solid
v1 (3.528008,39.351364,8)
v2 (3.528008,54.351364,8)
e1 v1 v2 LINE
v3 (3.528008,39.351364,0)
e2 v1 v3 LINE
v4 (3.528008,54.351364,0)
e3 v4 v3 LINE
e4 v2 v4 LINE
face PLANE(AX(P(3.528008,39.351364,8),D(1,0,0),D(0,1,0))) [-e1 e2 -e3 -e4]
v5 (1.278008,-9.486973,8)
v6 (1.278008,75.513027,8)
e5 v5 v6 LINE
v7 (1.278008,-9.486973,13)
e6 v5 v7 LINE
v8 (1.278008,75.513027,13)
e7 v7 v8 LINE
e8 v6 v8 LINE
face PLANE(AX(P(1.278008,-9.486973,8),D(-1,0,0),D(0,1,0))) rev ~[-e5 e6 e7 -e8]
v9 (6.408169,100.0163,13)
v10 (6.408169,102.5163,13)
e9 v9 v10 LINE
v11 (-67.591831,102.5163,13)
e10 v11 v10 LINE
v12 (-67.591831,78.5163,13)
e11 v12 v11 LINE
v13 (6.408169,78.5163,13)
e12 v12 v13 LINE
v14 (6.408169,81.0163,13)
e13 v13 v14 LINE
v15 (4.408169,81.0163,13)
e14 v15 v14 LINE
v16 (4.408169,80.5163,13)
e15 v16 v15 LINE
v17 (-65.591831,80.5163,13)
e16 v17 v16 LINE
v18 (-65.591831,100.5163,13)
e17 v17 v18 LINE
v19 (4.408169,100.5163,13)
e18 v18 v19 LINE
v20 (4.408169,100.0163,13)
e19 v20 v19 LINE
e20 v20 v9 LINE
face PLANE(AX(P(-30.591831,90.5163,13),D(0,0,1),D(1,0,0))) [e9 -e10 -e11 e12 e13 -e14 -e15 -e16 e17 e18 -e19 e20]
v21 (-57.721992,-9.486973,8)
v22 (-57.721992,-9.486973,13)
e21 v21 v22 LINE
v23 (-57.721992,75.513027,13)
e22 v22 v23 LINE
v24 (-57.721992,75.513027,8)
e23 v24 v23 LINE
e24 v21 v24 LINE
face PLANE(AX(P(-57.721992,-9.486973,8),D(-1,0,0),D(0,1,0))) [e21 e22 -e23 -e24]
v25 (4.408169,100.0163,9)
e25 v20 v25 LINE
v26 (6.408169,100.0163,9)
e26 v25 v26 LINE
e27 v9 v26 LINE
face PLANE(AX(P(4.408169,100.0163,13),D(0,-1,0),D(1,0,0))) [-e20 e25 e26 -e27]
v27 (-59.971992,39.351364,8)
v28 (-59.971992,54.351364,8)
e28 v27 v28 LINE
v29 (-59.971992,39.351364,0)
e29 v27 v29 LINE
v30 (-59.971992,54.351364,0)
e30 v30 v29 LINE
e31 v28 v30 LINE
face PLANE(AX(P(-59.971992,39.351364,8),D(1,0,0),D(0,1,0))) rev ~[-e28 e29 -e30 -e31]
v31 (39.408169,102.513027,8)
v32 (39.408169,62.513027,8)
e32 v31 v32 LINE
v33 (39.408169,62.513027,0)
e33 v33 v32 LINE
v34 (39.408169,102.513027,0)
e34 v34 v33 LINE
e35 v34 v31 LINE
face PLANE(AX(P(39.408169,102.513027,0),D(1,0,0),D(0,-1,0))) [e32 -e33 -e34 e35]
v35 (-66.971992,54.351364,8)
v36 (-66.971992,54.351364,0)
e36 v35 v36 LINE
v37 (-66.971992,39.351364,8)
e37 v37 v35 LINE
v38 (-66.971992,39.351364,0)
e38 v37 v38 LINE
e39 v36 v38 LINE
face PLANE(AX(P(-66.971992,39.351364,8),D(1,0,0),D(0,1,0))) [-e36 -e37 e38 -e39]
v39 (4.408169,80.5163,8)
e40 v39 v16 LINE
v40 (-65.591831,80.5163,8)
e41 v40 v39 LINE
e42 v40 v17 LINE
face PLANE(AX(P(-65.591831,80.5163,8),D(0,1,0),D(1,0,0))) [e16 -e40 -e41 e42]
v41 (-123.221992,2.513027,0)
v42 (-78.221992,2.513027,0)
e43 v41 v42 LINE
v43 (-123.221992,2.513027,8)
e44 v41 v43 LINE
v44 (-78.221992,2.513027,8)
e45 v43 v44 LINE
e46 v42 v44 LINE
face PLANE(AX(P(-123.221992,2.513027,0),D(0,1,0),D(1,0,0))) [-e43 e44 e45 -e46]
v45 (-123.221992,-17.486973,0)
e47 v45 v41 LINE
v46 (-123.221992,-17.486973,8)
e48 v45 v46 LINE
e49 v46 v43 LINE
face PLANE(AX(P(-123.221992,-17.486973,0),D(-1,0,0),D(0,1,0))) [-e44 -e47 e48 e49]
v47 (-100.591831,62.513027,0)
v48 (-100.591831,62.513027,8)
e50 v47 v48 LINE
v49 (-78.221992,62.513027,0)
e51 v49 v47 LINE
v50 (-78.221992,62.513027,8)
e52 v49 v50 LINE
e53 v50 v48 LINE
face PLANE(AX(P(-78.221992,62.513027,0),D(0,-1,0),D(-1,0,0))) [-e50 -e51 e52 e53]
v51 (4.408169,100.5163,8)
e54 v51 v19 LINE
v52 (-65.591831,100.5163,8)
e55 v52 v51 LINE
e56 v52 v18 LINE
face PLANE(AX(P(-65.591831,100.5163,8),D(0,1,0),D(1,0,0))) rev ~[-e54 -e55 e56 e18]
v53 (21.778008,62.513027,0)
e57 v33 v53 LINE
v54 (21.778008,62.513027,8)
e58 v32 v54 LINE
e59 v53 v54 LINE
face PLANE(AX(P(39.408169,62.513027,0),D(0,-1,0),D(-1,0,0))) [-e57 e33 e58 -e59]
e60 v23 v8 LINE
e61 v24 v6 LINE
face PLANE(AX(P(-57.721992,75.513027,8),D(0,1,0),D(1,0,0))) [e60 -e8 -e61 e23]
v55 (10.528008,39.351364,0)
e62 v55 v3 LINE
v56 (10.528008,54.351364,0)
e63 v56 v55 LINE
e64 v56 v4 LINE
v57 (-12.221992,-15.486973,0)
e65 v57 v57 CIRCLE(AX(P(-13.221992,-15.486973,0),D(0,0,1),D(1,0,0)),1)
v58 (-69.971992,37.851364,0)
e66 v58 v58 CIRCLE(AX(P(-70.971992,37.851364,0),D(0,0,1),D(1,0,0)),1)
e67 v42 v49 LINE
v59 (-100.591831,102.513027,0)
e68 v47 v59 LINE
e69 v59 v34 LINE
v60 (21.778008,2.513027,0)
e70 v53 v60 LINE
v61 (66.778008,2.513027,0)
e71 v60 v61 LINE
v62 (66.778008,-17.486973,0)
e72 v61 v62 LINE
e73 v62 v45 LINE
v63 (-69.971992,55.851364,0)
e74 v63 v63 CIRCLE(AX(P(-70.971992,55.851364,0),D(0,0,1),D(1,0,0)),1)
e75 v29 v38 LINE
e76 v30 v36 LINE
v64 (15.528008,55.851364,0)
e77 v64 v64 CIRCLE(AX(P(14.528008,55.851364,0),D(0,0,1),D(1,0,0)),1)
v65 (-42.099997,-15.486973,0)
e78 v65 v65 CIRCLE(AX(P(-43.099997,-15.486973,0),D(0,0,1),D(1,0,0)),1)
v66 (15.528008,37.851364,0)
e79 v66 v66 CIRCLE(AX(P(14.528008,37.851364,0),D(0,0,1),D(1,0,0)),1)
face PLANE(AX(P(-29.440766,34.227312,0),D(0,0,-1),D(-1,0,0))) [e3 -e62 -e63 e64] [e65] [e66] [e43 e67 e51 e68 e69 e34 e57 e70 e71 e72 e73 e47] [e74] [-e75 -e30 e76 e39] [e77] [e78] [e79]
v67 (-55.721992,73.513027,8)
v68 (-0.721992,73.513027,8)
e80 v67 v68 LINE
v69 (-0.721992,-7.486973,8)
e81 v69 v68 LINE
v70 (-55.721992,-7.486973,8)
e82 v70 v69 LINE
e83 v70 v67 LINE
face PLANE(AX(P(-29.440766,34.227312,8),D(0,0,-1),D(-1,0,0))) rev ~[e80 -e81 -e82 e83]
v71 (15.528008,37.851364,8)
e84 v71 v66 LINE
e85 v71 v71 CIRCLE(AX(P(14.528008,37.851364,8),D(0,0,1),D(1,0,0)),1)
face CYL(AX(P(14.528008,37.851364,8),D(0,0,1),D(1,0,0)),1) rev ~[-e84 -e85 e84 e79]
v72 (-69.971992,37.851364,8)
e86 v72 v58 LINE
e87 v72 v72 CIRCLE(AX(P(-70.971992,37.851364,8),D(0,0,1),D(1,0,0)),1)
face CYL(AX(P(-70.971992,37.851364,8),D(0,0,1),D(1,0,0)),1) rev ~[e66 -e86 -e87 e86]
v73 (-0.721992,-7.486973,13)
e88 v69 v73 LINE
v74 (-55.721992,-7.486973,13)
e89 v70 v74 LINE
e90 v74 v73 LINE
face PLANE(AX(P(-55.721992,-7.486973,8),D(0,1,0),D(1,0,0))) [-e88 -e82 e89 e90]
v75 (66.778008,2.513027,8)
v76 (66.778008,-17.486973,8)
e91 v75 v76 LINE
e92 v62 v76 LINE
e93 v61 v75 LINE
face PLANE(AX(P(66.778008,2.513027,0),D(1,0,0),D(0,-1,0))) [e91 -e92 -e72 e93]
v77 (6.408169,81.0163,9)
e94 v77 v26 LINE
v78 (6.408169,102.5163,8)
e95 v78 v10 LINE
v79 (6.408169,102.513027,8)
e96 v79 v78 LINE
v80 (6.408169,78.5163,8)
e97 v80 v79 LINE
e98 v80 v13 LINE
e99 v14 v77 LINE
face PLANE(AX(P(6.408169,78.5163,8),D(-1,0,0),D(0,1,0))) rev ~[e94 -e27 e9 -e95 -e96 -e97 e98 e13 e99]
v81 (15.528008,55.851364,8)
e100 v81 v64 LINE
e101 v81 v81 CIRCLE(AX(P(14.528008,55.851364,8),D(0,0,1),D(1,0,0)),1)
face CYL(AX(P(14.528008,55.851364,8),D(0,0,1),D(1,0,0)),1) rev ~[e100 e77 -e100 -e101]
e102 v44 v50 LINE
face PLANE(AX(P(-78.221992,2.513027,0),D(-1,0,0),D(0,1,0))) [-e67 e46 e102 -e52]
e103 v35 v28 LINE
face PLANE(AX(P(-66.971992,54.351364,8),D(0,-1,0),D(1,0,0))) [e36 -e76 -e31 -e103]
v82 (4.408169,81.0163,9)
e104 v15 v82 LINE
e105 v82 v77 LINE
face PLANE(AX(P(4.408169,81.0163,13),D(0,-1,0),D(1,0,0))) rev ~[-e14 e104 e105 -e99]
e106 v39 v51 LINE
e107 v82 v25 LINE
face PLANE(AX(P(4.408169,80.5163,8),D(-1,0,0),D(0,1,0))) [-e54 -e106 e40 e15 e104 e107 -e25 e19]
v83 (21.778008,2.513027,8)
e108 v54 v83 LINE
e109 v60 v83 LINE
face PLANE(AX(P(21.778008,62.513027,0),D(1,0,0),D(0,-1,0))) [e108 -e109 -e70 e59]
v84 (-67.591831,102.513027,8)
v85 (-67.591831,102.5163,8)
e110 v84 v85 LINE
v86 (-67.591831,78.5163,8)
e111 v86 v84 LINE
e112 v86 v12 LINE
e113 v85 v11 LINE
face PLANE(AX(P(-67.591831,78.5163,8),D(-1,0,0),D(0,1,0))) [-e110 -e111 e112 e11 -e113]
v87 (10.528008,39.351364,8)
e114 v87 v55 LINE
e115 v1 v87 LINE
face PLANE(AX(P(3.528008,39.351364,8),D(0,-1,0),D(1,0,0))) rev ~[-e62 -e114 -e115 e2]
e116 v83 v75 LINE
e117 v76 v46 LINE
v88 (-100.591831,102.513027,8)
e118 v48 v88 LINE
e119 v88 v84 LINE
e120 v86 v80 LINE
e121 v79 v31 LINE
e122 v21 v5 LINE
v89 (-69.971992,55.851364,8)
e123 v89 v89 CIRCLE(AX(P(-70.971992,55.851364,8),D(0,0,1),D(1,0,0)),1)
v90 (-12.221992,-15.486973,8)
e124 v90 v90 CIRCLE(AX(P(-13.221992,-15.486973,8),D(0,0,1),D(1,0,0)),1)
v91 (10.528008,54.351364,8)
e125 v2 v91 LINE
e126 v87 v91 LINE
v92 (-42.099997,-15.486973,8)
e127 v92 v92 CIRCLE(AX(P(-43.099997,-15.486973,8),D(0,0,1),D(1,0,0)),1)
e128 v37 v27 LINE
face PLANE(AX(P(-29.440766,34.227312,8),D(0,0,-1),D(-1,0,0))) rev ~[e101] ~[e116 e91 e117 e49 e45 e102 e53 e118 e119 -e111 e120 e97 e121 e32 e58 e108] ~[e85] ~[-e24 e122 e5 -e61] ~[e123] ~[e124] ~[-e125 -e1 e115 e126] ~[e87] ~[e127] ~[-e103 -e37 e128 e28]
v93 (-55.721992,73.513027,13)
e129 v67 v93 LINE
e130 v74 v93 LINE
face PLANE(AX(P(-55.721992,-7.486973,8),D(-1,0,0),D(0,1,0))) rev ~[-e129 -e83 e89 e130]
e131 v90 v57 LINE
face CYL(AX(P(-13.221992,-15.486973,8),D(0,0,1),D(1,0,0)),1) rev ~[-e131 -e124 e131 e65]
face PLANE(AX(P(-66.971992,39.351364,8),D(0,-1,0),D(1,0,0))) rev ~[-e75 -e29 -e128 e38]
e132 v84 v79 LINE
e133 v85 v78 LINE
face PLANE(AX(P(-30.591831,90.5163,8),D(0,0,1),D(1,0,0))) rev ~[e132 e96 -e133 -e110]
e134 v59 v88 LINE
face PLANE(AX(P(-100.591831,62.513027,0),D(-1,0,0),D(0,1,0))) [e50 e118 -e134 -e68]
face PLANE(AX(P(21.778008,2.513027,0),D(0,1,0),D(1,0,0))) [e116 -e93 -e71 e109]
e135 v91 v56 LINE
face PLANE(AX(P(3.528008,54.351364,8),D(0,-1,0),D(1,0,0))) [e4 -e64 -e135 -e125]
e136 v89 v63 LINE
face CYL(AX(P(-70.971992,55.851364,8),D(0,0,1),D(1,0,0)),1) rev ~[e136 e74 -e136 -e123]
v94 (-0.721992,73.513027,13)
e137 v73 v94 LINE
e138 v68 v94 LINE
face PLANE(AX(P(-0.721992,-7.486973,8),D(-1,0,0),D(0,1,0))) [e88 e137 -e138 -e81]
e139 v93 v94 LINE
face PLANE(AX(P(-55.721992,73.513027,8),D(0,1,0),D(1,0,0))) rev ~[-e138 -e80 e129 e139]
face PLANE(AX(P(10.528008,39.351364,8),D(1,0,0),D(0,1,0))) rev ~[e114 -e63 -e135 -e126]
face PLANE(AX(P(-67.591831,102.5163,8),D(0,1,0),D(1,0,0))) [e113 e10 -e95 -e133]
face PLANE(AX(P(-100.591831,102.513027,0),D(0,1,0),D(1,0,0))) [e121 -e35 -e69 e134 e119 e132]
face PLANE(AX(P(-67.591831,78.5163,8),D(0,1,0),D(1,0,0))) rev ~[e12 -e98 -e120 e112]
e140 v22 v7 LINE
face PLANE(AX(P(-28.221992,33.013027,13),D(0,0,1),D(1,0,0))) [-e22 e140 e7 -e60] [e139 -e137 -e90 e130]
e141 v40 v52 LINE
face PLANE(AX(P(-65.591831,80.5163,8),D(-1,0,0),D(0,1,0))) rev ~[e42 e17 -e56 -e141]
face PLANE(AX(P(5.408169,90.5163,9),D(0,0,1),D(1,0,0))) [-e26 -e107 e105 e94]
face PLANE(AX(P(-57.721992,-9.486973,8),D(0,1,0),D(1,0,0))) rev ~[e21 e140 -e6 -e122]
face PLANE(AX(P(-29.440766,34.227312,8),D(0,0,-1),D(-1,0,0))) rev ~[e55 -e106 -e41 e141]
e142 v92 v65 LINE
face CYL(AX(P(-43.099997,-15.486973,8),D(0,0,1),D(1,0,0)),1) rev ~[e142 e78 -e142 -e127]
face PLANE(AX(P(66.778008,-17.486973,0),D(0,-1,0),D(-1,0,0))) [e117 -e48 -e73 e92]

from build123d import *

# Parameters (mm, degrees)
RESSALTO_EXTRUS_O1_DEPTH = 8
ESBO_O2_W                = 59
ESBO_O2_H                = 85
ESBO_O2_W_2              = 55
ESBO_O2_H_2              = 81
RESSALTO_EXTRUS_O2_DEPTH = 5
ESBO_O3_R                = 1
CORTE_EXTRUS_O1_DEPTH    = 161.48856651
ESBO_O5_W                = 74
ESBO_O5_H                = 24
ESBO_O5_W_2              = 70
ESBO_O5_H_2              = 20
RESSALTO_EXTRUS_O4_DEPTH = 5
ESBO_O6_W                = 2
ESBO_O6_H                = 19
CORTE_EXTRUS_O2_DEPTH    = 4
ESBO_O7_R                = 1
ESBO_O7_W                = 7
ESBO_O7_H                = 15
CORTE_EXTRUS_O4_DEPTH    = 161.490657476


with BuildPart() as part:
    # Esboço1 → Ressalto-extrusão1 (new body)
    with BuildSketch(Plane.XY):
        Polygon((39.408169461, 102.513026677), (39.408169461, 62.513026677), (21.778007881, 62.513026677), (21.778007881, 2.513026677), (66.778007881, 2.513026677), (66.778007881, -17.486973323), (-123.221992119, -17.486973323), (-123.221992119, 2.513026677), (-78.221992119, 2.513026677), (-78.221992119, 62.513026677), (-100.591830539, 62.513026677), (-100.591830539, 102.513026677), align=None)
    extrude(amount=RESSALTO_EXTRUS_O1_DEPTH)

    # Esboço2 → Ressalto-extrusão2 (add)
    with BuildSketch(Plane.XY.offset(8)):
        with Locations((-28.221992119, 33.013026677)):
            Rectangle(ESBO_O2_W, ESBO_O2_H)
        with Locations((-28.221992119, 33.013026677)):
            Rectangle(ESBO_O2_W_2, ESBO_O2_H_2, mode=Mode.SUBTRACT)
    extrude(amount=RESSALTO_EXTRUS_O2_DEPTH)

    # Esboço3 → Corte-extrusão1 (cut, through all)
    with BuildSketch(Plane.XY.offset(8)):
        with Locations((-13.221992119, -15.486973323)):
            Circle(ESBO_O3_R)
        with Locations((-43.099997489, -15.486973323)):
            Circle(ESBO_O3_R)
    extrude(amount=-CORTE_EXTRUS_O1_DEPTH, mode=Mode.SUBTRACT)

    # Esboço5 → Ressalto-extrusão4 (add)
    with BuildSketch(Plane.XY.offset(8)):
        with Locations((-30.591830539, 90.516300144)):
            Rectangle(ESBO_O5_W, ESBO_O5_H)
        with Locations((-30.591830539, 90.516300144)):
            Rectangle(ESBO_O5_W_2, ESBO_O5_H_2, mode=Mode.SUBTRACT)
    extrude(amount=RESSALTO_EXTRUS_O4_DEPTH)

    # Esboço6 → Corte-extrusão2 (cut)
    with BuildSketch(Plane.XY.offset(13)):
        with Locations((5.408169461, 90.516300144)):
            Rectangle(ESBO_O6_W, ESBO_O6_H)
    extrude(amount=-CORTE_EXTRUS_O2_DEPTH, mode=Mode.SUBTRACT)

    # Esboço7 → Corte-extrusão4 (cut, through all)
    with BuildSketch(Plane.XY.offset(8)):
        with Locations((-70.971992119, 55.851364498)):
            Circle(ESBO_O7_R)
        with Locations((14.528007881, 37.851364498)):
            Circle(ESBO_O7_R)
        with Locations((7.028007881, 46.851364498)):
            Rectangle(ESBO_O7_W, ESBO_O7_H)
        with Locations((14.528007881, 55.851364498)):
            Circle(ESBO_O7_R)
        with Locations((-63.471992119, 46.851364498)):
            Rectangle(ESBO_O7_W, ESBO_O7_H)
        with Locations((-70.971992119, 37.851364498)):
            Circle(ESBO_O7_R)
    extrude(amount=-CORTE_EXTRUS_O4_DEPTH, mode=Mode.SUBTRACT)


solid = part.part
